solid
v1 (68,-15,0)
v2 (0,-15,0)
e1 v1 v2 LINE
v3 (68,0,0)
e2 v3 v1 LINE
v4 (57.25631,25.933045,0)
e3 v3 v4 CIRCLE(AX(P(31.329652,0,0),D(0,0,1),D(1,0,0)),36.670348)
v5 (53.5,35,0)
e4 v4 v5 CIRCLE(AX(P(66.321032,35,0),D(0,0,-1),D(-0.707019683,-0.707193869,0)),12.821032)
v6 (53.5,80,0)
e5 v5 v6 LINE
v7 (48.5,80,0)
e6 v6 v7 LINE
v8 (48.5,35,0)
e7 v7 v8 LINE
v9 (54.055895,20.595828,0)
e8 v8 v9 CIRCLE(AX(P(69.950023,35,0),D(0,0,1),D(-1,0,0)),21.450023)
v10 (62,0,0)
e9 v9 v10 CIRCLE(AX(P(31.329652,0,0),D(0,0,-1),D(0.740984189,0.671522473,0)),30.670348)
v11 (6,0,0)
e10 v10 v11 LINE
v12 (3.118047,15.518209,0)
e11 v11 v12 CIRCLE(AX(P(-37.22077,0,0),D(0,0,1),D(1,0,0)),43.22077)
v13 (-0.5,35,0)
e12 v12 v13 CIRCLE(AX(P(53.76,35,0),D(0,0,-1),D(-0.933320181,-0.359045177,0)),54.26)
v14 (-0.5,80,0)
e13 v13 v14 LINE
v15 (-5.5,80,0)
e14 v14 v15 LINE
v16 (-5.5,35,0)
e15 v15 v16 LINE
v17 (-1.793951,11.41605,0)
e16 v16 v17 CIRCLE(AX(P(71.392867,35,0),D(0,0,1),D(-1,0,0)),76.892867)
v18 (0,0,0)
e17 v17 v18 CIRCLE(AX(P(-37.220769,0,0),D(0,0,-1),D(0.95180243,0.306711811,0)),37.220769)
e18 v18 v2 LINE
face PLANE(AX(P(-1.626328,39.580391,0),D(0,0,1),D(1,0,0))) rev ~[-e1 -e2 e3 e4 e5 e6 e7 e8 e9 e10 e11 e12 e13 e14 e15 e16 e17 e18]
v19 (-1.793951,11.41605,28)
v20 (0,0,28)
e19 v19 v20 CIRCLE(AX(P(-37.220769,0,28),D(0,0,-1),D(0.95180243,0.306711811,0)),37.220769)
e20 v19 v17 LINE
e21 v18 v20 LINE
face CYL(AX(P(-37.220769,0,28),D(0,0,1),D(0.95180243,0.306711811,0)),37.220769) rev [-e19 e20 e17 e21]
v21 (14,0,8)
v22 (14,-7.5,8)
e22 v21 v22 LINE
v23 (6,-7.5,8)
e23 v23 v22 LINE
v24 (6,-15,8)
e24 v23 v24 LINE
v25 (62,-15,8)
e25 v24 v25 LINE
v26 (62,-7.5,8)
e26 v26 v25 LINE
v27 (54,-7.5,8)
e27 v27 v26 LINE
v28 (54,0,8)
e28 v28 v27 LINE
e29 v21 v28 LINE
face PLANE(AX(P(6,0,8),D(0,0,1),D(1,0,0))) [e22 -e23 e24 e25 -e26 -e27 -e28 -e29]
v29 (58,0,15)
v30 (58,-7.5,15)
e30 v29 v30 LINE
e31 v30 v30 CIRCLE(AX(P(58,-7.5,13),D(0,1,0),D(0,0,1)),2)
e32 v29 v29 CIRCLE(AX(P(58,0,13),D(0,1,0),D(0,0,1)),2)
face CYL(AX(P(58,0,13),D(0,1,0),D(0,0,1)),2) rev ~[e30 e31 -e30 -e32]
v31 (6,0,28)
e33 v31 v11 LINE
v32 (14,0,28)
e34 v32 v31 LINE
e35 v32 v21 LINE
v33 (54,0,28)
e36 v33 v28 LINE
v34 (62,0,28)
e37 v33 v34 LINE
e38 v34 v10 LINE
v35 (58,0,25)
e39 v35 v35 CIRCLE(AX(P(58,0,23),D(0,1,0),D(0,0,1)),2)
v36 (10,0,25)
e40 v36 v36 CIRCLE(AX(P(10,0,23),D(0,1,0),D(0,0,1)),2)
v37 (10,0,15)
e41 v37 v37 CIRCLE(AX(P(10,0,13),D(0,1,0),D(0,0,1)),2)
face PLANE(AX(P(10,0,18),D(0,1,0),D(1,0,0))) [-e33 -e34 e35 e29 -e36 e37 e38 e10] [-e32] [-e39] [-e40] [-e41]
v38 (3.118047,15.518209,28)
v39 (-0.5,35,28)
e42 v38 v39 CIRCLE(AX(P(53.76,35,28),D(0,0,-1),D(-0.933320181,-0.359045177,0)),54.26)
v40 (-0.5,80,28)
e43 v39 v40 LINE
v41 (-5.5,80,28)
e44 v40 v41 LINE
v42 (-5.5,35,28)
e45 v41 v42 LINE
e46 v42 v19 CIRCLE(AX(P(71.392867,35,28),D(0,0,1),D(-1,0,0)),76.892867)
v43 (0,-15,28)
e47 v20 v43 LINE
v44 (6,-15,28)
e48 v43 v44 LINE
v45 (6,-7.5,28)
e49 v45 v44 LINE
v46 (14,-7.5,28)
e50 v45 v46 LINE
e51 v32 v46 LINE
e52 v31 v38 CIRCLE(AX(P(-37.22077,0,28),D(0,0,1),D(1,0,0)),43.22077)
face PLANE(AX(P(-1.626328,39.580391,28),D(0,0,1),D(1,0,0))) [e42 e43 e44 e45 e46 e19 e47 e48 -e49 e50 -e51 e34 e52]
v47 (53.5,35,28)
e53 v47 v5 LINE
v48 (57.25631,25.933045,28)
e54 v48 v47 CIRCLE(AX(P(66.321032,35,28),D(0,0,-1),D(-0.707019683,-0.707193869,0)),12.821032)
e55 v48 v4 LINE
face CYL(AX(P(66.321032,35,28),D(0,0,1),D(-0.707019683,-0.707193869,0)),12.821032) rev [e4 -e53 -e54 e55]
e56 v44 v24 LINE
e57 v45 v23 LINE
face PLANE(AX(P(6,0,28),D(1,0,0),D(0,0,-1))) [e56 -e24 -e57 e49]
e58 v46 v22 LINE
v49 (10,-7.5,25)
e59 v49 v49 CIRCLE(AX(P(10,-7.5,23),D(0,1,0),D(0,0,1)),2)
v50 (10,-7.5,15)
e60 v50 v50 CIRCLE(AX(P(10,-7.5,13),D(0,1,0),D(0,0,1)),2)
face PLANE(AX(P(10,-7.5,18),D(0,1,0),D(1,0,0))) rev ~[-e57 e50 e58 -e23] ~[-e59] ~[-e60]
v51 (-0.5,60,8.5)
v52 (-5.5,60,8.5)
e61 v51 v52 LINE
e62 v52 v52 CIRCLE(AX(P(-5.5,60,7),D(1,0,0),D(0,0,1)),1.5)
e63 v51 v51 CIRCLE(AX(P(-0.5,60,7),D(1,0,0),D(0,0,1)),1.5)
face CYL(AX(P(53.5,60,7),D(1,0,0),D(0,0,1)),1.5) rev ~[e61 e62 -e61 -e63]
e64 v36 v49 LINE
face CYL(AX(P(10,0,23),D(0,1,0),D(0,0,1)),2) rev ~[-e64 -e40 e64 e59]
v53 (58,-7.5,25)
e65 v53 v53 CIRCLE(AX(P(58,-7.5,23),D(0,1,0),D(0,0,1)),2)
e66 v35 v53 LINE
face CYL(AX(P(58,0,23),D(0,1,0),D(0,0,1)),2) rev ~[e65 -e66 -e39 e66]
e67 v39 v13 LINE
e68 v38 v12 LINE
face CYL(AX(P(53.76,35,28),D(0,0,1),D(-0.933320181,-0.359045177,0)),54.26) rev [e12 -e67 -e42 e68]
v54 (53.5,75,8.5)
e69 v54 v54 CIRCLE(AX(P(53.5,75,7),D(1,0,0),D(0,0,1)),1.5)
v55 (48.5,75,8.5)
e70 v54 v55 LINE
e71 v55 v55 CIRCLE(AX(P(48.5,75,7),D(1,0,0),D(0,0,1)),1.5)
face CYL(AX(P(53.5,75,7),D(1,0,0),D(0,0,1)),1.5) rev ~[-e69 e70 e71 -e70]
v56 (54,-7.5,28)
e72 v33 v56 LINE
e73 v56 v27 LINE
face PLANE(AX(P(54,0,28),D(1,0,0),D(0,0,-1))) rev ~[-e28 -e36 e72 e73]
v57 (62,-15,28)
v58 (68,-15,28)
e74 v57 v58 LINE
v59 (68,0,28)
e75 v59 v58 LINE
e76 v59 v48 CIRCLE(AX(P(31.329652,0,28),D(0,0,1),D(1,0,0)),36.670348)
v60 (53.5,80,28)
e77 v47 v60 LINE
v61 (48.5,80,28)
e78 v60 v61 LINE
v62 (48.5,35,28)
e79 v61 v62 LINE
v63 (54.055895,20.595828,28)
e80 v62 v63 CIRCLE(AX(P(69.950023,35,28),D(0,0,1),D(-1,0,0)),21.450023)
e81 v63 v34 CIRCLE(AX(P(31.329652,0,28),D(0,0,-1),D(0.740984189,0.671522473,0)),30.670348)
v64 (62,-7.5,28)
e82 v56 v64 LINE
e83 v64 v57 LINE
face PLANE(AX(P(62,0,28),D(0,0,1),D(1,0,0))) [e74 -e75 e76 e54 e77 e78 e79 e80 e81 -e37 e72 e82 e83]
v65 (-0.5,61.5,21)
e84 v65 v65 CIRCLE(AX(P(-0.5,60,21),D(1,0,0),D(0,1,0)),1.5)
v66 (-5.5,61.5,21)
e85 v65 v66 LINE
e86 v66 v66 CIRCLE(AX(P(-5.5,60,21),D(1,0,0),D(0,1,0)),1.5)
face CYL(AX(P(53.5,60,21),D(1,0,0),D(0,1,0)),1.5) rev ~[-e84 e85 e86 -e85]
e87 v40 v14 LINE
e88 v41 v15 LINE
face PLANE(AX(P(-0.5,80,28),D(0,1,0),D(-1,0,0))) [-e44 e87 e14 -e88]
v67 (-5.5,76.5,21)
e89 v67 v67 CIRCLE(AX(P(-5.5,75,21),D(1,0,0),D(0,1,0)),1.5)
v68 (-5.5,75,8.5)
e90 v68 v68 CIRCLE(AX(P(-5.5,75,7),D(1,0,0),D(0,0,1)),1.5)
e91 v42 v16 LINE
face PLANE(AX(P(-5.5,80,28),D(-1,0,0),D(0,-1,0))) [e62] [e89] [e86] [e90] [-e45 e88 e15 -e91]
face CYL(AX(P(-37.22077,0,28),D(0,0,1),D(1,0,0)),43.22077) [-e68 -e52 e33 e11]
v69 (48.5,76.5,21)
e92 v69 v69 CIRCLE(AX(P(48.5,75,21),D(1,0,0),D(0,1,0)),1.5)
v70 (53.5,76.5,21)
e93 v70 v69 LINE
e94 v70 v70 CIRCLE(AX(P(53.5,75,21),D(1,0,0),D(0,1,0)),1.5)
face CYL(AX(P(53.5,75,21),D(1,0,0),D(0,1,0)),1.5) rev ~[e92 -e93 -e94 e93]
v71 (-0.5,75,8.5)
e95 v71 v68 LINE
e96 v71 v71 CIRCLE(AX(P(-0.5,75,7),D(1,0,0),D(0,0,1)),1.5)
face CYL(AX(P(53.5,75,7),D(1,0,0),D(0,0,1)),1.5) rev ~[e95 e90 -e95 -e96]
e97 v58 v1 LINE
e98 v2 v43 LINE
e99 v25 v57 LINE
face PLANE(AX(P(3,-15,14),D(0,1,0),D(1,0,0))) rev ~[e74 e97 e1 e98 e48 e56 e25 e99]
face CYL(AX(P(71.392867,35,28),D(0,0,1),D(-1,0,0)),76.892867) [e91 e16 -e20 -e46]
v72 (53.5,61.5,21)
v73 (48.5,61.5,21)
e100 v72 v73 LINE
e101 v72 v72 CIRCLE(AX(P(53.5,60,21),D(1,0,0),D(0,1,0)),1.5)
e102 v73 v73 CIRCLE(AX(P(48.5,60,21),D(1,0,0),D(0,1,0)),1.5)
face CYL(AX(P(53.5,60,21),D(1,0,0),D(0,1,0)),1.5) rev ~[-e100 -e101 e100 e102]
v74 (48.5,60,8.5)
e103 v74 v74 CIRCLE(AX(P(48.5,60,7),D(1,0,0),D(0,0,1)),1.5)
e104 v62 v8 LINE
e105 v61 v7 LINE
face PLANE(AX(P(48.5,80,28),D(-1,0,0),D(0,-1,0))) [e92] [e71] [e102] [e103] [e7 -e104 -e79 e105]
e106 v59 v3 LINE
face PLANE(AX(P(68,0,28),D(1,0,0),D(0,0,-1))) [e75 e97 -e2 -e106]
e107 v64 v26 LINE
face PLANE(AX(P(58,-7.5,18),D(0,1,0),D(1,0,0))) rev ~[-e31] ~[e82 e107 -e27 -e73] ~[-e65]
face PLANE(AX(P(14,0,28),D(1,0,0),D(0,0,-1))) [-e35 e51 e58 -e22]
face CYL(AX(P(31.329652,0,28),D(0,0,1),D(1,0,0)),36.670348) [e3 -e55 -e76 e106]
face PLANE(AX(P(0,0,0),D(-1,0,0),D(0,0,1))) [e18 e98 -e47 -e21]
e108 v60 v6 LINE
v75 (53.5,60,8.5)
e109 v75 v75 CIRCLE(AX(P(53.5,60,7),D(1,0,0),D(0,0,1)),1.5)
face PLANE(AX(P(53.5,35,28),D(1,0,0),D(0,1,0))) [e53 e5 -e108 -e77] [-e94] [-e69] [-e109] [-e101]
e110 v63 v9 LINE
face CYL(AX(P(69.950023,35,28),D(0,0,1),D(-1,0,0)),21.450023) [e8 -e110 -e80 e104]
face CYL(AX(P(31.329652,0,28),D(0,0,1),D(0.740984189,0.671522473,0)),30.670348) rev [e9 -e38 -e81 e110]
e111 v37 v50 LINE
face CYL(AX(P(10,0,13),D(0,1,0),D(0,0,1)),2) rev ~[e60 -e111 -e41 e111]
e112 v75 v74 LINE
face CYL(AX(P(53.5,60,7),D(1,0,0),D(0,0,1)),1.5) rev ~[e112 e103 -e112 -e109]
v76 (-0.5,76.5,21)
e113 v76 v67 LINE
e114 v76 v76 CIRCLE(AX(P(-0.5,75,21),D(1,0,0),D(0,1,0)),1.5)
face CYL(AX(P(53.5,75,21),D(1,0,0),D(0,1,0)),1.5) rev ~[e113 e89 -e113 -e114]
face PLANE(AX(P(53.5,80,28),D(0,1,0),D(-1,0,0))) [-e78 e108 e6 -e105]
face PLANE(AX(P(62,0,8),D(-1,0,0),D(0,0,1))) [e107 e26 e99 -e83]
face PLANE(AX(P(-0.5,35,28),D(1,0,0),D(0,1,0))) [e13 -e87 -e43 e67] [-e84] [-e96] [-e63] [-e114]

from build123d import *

# Parameters (mm, degrees)
SKETCH1_W           = 8
SKETCH1_H           = 8
SKETCH1_W_2         = 40
BOSS_EXTRUDE1_DEPTH = 15
SKETCH1_5_W         = 8
SKETCH1_5_H         = 20
SKETCH1_5_R         = 2
BOSS_EXTRUDE2_DEPTH = 7.5
BOSS_EXTRUDE3_DEPTH = 28
CUT_EXTRUDE1_REACH  = 105.271
SKETCH3_R           = 1.5


with BuildPart() as part:
    # Sketch1 → Boss-Extrude1 (new body)
    with BuildSketch(Plane(origin=(0, 0, 0), x_dir=(1, 0, 0), z_dir=(0, 1, 0))):
        Polygon((6, -28), (6, -8), (6, 0), (0, 0), (0, -28), align=None)
        with Locations((10, -4)):
            Rectangle(SKETCH1_W, SKETCH1_H)
        with Locations((34, -4)):
            Rectangle(SKETCH1_W_2, SKETCH1_H)
        with Locations((58, -4)):
            Rectangle(SKETCH1_W, SKETCH1_H)
        Polygon((62, 0), (62, -8), (62, -28), (68, -28), (68, 0), align=None)
    extrude(amount=-BOSS_EXTRUDE1_DEPTH)

    # Sketch1<5> → Boss-Extrude2 (add)
    # profile 1 of 2: a face of its own
    with BuildSketch(Plane(origin=(0, 0, 0), x_dir=(1, 0, 0), z_dir=(0, 1, 0))):
        with Locations((10, -18)):
            Rectangle(SKETCH1_5_W, SKETCH1_5_H)
        with Locations(Location((10, -23, 0), (0, 0, 270))):
            Circle(SKETCH1_5_R, mode=Mode.SUBTRACT)
        with Locations(Location((10, -13, 0), (0, 0, 270))):
            Circle(SKETCH1_5_R, mode=Mode.SUBTRACT)
    # profile 2 of 2: a face of its own
    with BuildSketch(Plane(origin=(0, 0, 0), x_dir=(1, 0, 0), z_dir=(0, 1, 0))):
        with Locations((58, -18)):
            Rectangle(SKETCH1_5_W, SKETCH1_5_H)
        with Locations(Location((58, -23, 0), (0, 0, 270))):
            Circle(SKETCH1_5_R, mode=Mode.SUBTRACT)
        with Locations(Location((58, -13, 0), (0, 0, 270))):
            Circle(SKETCH1_5_R, mode=Mode.SUBTRACT)
    extrude(amount=-BOSS_EXTRUDE2_DEPTH)

    # Sketch2 → Boss-Extrude3 (add)
    with BuildSketch(Plane.XY.offset(28)):
        with BuildLine():
            Line((-0.5, 80), (-5.5, 80))
            Line((-5.5, 80), (-5.5, 35))
            ThreePointArc((-5.5, 35), (-4.567837418, 23.063317904), (-1.793950653, 11.416049609))
            ThreePointArc((-1.793950653, 11.416049609), (-0.451222721, 5.778071643), (0, 0))
            Line((0, 0), (6, 0))
            ThreePointArc((6, 0), (5.273404236, 7.891775129), (3.118046932, 15.51820883))
            ThreePointArc((3.118046932, 15.51820883), (0.412179175, 25.092547618), (-0.5, 35))
            Line((-0.5, 35), (-0.5, 80))
        make_face()
        with BuildLine():
            Line((53.5, 80), (48.5, 80))
            Line((48.5, 80), (48.5, 35))
            ThreePointArc((48.5, 35), (49.937115956, 27.280735927), (54.055895054, 20.595827638))
            ThreePointArc((54.055895054, 20.595827638), (59.945137576, 11.037401409), (62, 0))
            Line((62, 0), (68, 0))
            ThreePointArc((68, 0), (65.207771721, 14.035220845), (57.256309947, 25.933044956))
            ThreePointArc((57.256309947, 25.933044956), (54.476245108, 30.092874105), (53.5, 35))
            Line((53.5, 35), (53.5, 80))
        make_face()
    extrude(amount=-BOSS_EXTRUDE3_DEPTH)

    # Cut-Extrude1: up to this face of the body (flat: up to its plane)
    cut_extrude1_end = Plane(part.part.faces().sort_by_distance((-5.5, 57.5, 14))[0])
    # Sketch3 → Cut-Extrude1 (cut, up to the picked face)
    with BuildSketch(Plane(origin=(53.5, 0, 0), x_dir=(0, 0, -1), z_dir=(1, 0, 0)), mode=Mode.PRIVATE) as cut_extrude1_sk1:
        with Locations(Location((-21, 75, 0), (0, 0, 90))):
            Circle(SKETCH3_R)
    cut_extrude1_tool1 = split(extrude(cut_extrude1_sk1.sketch, amount=-CUT_EXTRUDE1_REACH, mode=Mode.PRIVATE), bisect_by=cut_extrude1_end, keep=Keep.BOTH, mode=Mode.PRIVATE)
    # Sketch3 → Cut-Extrude1 (cut, up to the picked face)
    with BuildSketch(Plane(origin=(53.5, 0, 0), x_dir=(0, 0, -1), z_dir=(1, 0, 0)), mode=Mode.PRIVATE) as cut_extrude1_sk2:
        with Locations(Location((-21, 60, 0), (0, 0, 90))):
            Circle(SKETCH3_R)
    cut_extrude1_tool2 = split(extrude(cut_extrude1_sk2.sketch, amount=-CUT_EXTRUDE1_REACH, mode=Mode.PRIVATE), bisect_by=cut_extrude1_end, keep=Keep.BOTH, mode=Mode.PRIVATE)
    # Sketch3 → Cut-Extrude1 (cut, up to the picked face)
    with BuildSketch(Plane(origin=(53.5, 0, 0), x_dir=(0, 0, -1), z_dir=(1, 0, 0)), mode=Mode.PRIVATE) as cut_extrude1_sk3:
        with Locations(Location((-7, 60, 0), (0, 0, 180))):
            Circle(SKETCH3_R)
    cut_extrude1_tool3 = split(extrude(cut_extrude1_sk3.sketch, amount=-CUT_EXTRUDE1_REACH, mode=Mode.PRIVATE), bisect_by=cut_extrude1_end, keep=Keep.BOTH, mode=Mode.PRIVATE)
    # Sketch3 → Cut-Extrude1 (cut, up to the picked face)
    with BuildSketch(Plane(origin=(53.5, 0, 0), x_dir=(0, 0, -1), z_dir=(1, 0, 0)), mode=Mode.PRIVATE) as cut_extrude1_sk4:
        with Locations(Location((-7, 75, 0), (0, 0, 180))):
            Circle(SKETCH3_R)
    cut_extrude1_tool4 = split(extrude(cut_extrude1_sk4.sketch, amount=-CUT_EXTRUDE1_REACH, mode=Mode.PRIVATE), bisect_by=cut_extrude1_end, keep=Keep.BOTH, mode=Mode.PRIVATE)
    add(cut_extrude1_tool1.solids().sort_by(Axis((53.5, 75, 21), (-1, 0, 0)))[0], mode=Mode.SUBTRACT)
    add(cut_extrude1_tool2.solids().sort_by(Axis((53.5, 60, 21), (-1, 0, 0)))[0], mode=Mode.SUBTRACT)
    add(cut_extrude1_tool3.solids().sort_by(Axis((53.5, 60, 7), (-1, 0, 0)))[0], mode=Mode.SUBTRACT)
    add(cut_extrude1_tool4.solids().sort_by(Axis((53.5, 75, 7), (-1, 0, 0)))[0], mode=Mode.SUBTRACT)


solid = part.part
